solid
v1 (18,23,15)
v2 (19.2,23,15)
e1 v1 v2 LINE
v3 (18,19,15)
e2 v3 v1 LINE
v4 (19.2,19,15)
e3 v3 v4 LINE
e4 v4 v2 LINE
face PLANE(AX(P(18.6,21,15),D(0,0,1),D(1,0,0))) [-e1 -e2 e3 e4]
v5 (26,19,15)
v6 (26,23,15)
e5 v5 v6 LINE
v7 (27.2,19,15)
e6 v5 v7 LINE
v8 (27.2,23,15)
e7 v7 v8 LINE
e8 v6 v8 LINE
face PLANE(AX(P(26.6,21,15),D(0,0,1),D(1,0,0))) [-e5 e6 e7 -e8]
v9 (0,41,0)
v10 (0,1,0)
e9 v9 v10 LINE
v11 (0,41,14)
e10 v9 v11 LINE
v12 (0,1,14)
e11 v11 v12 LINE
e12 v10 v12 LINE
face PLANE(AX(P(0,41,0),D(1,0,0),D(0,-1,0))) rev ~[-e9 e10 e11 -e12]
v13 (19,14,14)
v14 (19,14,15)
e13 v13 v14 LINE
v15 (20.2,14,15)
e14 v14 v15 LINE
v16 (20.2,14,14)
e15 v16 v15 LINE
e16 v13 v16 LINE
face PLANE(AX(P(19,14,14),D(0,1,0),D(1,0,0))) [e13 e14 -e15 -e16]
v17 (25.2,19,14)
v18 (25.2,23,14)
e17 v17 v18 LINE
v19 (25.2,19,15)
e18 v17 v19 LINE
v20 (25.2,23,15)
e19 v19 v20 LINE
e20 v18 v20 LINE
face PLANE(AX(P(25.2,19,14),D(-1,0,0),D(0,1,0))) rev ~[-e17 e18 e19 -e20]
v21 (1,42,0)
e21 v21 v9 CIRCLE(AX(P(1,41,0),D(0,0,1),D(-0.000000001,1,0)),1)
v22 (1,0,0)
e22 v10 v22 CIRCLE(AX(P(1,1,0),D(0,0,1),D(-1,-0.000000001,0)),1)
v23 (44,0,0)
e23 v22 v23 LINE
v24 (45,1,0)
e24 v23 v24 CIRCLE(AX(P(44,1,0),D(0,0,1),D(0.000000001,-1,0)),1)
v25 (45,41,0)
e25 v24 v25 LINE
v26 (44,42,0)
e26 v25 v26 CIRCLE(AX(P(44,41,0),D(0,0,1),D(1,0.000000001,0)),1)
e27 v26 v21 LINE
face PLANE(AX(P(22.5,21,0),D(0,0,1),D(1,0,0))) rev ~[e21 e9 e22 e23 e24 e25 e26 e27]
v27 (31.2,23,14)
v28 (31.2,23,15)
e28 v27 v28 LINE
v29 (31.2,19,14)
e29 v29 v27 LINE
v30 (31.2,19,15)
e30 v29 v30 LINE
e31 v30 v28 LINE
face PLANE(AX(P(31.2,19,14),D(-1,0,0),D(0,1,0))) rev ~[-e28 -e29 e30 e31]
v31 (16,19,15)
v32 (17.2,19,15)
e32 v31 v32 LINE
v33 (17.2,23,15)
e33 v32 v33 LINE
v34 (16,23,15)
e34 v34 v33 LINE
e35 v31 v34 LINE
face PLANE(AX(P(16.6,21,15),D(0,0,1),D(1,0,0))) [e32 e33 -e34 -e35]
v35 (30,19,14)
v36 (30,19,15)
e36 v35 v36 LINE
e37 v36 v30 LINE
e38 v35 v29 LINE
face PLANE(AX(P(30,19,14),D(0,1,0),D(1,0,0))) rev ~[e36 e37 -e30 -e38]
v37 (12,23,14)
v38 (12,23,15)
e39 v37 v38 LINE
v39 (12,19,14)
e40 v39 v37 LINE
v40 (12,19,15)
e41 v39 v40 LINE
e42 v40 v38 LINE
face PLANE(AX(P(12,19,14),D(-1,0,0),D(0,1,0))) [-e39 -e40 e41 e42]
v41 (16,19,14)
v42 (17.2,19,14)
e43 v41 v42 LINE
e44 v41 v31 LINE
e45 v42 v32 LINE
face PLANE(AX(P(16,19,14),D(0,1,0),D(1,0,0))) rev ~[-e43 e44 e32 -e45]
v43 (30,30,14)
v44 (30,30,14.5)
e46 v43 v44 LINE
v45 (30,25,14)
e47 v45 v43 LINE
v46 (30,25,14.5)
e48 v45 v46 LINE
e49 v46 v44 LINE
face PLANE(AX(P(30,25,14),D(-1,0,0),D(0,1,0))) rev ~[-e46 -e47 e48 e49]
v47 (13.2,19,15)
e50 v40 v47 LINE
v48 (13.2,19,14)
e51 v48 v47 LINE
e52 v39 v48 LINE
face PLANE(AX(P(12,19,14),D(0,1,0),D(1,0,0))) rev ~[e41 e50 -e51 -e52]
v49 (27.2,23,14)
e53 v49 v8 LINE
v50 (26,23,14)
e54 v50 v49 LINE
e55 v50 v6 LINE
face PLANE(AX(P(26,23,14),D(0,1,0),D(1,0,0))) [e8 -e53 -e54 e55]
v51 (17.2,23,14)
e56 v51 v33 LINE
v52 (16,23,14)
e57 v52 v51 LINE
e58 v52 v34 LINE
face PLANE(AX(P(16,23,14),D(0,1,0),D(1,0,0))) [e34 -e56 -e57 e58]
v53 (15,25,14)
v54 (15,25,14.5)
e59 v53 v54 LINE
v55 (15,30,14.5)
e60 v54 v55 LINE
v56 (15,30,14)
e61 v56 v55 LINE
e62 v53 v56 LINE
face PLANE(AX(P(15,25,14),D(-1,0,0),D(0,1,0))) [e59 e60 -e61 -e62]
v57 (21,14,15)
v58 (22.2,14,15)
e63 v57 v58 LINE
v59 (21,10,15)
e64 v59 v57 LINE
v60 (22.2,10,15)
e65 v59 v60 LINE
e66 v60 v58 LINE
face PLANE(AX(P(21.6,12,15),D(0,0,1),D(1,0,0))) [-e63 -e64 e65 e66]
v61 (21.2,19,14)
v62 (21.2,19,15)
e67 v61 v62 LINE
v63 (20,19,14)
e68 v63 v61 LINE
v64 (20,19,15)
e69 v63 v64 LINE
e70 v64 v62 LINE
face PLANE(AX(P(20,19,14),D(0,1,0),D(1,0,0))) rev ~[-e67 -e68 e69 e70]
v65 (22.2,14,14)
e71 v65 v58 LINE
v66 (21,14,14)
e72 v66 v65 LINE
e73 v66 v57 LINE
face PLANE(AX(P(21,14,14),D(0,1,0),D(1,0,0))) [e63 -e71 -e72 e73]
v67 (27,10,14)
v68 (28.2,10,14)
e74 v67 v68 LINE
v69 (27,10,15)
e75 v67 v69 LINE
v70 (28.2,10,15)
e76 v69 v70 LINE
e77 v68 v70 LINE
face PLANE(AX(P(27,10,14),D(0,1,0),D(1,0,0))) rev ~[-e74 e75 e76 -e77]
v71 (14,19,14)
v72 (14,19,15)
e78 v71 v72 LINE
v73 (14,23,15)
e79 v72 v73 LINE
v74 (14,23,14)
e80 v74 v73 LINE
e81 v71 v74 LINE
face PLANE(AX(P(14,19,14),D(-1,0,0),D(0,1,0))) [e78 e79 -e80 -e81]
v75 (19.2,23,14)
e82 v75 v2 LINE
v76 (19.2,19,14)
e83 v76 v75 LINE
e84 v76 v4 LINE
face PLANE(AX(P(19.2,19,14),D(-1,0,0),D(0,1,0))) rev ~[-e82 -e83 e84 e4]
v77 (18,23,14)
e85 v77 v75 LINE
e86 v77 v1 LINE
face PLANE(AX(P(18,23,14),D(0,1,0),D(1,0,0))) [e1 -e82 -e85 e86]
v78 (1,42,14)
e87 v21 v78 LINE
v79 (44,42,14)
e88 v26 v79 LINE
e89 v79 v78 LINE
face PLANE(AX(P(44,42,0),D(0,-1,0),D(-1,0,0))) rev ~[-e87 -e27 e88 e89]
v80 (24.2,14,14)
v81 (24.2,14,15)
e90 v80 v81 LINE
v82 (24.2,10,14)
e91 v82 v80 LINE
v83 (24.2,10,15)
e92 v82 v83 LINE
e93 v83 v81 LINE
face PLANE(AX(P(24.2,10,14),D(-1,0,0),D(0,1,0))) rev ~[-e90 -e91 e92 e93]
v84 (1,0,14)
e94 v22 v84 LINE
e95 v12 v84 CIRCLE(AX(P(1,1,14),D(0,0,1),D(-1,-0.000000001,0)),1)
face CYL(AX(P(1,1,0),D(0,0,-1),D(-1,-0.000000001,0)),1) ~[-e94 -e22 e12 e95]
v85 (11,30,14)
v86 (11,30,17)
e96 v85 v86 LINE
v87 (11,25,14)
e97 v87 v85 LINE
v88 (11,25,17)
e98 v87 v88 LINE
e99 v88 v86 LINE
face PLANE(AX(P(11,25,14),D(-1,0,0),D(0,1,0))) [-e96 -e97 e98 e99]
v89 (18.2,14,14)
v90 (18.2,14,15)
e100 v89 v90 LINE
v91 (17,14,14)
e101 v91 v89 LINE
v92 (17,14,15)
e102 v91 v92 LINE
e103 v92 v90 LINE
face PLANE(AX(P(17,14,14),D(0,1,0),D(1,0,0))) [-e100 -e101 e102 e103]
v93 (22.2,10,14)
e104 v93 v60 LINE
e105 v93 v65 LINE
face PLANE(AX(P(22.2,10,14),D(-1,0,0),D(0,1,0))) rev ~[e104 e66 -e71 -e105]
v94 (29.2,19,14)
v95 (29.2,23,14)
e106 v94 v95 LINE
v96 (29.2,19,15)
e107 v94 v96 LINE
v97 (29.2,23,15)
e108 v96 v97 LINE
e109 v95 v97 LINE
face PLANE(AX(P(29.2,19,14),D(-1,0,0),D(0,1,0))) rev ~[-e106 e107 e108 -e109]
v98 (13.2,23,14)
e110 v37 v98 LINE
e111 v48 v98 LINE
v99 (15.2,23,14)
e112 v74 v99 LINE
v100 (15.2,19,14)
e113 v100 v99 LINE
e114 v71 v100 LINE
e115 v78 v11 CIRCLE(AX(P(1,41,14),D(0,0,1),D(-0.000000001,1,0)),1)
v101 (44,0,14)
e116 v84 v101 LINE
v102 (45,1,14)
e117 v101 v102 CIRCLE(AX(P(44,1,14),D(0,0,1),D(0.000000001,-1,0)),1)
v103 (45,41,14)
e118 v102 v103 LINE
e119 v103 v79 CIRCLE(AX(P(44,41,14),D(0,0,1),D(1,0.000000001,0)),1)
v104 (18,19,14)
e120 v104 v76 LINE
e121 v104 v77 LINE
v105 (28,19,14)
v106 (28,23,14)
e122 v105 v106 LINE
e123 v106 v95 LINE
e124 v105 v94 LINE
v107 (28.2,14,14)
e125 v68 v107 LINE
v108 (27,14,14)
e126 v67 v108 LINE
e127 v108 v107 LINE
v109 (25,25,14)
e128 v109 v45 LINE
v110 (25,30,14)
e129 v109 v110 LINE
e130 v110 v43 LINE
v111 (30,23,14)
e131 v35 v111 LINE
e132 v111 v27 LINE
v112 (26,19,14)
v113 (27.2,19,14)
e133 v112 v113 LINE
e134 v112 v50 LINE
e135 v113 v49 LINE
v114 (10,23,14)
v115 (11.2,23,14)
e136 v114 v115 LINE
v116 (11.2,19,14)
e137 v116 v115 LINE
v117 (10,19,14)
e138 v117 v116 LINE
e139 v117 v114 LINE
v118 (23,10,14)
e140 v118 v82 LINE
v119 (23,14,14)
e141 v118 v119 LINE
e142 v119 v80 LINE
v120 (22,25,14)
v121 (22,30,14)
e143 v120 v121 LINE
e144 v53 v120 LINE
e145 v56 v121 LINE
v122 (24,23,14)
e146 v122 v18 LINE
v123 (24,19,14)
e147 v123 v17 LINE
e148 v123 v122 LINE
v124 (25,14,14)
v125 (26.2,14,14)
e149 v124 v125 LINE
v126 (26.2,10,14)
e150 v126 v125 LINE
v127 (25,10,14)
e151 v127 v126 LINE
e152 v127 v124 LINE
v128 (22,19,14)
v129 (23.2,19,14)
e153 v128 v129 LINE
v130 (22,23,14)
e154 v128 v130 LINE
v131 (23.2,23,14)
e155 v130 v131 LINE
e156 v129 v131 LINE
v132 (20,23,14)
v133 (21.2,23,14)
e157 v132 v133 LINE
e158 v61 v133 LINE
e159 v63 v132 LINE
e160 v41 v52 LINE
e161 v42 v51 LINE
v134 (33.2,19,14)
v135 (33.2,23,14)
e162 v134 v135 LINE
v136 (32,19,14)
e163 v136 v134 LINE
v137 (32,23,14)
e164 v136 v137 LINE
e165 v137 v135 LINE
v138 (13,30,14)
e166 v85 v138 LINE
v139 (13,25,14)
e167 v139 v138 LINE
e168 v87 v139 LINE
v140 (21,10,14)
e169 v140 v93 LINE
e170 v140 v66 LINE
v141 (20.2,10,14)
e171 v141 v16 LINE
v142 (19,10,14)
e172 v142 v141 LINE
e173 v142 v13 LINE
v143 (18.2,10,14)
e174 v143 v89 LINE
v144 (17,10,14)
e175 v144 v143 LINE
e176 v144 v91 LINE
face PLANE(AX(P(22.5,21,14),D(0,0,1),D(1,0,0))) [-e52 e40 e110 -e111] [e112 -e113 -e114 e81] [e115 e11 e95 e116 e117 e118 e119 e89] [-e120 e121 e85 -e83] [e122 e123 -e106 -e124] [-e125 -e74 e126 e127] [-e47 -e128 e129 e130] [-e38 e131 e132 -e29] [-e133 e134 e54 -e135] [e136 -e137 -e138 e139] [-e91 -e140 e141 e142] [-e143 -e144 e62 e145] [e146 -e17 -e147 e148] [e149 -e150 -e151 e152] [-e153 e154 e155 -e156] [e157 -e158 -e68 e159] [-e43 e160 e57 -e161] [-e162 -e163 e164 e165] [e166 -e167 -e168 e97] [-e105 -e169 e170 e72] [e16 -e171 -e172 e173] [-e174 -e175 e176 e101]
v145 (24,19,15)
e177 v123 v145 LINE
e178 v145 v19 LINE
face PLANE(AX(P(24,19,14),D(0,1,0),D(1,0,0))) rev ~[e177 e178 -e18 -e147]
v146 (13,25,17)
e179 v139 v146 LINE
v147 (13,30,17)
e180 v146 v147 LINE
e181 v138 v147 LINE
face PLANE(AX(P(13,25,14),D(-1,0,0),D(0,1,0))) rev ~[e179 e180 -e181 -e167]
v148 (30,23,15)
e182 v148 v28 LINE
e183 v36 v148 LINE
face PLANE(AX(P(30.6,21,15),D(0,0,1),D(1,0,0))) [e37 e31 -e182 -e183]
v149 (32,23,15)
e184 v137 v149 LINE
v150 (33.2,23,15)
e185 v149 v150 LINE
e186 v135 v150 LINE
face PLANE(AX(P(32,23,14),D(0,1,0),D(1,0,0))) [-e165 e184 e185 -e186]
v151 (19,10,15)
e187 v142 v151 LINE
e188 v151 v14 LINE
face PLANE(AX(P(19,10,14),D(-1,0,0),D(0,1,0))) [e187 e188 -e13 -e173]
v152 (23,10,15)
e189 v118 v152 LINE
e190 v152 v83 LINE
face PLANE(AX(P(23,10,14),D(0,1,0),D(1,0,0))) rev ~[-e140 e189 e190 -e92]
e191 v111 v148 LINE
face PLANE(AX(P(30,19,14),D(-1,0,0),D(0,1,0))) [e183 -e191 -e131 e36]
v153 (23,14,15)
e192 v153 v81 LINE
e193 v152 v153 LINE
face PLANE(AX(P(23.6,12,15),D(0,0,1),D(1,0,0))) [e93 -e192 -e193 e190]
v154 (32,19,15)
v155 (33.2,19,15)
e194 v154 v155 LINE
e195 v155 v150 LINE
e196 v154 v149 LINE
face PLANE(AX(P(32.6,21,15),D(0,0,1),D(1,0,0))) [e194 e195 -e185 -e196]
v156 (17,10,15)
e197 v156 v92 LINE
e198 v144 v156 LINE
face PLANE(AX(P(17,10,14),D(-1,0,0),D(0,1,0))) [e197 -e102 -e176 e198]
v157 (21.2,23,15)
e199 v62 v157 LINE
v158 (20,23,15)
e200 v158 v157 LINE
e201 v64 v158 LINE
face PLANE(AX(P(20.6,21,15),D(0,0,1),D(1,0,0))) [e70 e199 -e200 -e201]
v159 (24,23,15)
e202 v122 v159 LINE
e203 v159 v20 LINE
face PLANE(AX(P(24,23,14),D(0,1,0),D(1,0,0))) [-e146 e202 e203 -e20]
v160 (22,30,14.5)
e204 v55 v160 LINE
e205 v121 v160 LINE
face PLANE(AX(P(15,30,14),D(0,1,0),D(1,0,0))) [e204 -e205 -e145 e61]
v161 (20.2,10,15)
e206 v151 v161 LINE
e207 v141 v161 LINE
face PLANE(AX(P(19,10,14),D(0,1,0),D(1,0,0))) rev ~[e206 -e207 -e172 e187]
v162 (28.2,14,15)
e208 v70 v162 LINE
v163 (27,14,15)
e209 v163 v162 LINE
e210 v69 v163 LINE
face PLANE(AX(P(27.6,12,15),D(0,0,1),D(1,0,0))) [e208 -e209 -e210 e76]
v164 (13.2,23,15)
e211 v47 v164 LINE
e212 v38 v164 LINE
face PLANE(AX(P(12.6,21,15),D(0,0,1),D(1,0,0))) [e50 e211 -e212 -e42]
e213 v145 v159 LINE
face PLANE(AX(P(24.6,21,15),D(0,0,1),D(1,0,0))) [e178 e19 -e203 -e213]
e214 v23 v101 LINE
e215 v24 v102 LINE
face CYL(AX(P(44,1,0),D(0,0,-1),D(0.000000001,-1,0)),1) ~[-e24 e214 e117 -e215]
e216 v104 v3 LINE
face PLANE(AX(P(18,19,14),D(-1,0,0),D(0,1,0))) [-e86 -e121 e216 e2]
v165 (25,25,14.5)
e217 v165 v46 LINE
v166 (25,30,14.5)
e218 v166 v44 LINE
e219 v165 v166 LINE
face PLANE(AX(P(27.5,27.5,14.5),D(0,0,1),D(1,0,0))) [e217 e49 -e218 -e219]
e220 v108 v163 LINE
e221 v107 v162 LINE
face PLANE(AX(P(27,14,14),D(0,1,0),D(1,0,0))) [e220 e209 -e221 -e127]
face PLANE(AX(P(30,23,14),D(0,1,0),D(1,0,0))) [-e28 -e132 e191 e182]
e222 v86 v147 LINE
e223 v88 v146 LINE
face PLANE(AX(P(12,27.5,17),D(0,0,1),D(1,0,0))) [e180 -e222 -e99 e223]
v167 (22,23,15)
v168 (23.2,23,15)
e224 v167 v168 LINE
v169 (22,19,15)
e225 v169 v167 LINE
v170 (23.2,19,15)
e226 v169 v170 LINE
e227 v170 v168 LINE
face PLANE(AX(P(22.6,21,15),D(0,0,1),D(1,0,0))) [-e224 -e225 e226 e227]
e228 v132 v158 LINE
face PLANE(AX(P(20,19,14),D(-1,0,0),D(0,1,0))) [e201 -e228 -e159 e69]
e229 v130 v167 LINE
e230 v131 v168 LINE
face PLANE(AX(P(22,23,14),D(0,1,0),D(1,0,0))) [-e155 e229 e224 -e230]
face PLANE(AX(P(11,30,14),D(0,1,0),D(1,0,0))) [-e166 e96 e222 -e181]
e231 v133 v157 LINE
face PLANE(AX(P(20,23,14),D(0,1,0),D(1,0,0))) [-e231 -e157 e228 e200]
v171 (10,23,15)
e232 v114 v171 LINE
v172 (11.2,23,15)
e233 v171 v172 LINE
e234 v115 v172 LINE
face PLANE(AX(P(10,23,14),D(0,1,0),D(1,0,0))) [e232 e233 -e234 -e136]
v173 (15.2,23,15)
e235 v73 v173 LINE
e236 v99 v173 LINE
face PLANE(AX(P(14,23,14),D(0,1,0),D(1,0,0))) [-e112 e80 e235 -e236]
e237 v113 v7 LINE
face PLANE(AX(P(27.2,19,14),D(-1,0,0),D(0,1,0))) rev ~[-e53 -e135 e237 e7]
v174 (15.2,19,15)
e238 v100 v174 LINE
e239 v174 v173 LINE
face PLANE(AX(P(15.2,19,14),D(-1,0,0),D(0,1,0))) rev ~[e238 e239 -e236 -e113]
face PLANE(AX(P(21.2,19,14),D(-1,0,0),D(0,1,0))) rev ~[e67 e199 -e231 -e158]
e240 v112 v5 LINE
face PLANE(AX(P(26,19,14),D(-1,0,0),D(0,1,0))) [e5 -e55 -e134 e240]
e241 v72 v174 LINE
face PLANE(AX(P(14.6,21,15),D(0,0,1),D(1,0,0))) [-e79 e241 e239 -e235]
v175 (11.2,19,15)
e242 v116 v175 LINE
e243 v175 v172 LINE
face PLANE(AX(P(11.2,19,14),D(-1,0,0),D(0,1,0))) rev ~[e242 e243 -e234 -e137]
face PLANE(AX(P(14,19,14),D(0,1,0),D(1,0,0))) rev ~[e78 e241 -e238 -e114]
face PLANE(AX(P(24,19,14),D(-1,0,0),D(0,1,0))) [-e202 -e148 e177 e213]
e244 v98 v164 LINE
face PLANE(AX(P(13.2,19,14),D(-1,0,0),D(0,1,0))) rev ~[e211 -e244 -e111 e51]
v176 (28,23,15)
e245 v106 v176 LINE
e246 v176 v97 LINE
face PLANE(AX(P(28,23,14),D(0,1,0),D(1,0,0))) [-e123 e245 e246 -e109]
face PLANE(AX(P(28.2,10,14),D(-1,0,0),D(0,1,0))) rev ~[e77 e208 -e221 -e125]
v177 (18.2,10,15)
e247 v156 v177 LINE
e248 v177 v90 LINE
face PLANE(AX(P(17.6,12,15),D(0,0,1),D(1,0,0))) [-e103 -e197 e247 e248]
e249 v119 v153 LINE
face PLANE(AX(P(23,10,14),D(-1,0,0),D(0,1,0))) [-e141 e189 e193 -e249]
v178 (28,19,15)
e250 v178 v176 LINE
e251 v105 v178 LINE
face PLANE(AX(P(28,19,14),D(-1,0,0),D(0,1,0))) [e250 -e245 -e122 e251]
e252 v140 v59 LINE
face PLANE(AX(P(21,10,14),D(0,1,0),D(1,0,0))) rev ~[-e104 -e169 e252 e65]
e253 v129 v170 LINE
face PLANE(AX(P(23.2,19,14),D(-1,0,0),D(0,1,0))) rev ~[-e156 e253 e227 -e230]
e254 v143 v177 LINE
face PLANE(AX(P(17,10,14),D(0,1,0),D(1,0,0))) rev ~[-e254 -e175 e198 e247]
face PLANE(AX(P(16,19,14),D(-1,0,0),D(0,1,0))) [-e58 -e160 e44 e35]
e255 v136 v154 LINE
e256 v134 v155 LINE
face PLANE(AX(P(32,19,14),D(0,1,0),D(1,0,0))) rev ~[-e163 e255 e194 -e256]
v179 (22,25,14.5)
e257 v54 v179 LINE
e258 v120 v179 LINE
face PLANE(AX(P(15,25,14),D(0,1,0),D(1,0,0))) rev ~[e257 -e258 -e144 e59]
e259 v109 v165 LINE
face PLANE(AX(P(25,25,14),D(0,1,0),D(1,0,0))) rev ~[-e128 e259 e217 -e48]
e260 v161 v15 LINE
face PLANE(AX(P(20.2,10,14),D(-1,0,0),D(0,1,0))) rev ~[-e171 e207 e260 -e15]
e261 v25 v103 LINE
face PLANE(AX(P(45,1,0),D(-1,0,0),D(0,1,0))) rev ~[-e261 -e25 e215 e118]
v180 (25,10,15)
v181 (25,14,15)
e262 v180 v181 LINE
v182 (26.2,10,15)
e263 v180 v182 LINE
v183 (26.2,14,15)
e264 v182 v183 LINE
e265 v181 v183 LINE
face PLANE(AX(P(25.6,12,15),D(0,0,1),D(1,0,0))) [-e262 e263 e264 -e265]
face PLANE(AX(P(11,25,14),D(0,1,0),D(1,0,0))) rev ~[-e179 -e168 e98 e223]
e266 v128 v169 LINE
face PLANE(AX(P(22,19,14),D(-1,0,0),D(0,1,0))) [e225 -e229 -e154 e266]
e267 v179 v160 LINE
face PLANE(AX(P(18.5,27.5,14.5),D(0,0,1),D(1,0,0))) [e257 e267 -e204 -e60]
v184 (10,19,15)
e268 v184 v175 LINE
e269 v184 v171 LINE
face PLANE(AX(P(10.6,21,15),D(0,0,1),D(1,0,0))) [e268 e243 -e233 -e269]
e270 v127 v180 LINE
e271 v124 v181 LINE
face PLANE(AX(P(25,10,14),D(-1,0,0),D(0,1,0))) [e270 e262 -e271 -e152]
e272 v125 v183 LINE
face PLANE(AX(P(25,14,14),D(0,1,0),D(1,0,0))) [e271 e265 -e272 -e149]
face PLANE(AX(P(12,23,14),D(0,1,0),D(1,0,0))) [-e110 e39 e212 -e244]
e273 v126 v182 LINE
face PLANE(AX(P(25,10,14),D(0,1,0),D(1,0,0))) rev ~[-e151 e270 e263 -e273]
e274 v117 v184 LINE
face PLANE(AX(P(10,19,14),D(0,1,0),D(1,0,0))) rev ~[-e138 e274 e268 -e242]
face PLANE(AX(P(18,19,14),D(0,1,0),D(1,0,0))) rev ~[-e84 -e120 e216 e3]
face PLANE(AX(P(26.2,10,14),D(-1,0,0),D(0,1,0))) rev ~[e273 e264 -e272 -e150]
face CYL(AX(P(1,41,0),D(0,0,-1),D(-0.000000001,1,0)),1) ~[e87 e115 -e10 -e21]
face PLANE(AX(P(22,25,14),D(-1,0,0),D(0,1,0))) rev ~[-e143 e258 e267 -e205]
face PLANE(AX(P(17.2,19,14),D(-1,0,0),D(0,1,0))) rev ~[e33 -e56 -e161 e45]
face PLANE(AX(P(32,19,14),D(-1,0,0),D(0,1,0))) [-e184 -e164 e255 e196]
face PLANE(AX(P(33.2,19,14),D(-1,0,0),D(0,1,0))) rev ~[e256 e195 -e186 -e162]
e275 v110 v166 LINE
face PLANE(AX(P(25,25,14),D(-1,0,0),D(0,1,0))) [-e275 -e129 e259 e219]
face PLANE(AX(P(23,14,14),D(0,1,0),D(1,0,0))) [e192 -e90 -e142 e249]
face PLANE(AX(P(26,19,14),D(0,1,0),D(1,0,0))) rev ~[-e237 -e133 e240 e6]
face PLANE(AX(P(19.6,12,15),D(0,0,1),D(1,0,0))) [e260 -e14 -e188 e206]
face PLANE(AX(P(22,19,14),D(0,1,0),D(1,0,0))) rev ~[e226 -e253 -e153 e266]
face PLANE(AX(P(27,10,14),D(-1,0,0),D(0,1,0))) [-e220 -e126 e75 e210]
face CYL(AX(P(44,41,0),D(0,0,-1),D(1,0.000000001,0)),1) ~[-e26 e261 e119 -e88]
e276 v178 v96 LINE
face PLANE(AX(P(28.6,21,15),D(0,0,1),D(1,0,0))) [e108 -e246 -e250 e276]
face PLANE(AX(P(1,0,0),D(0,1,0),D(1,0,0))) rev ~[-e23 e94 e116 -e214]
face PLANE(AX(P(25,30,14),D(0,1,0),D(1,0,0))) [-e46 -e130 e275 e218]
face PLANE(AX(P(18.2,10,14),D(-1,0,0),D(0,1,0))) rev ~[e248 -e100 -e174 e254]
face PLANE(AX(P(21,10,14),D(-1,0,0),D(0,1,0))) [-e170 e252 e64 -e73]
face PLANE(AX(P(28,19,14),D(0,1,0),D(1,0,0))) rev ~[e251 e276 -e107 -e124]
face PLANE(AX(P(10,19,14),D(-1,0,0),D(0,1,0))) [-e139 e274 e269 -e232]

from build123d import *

# Parameters (mm, degrees)
BOSS_EXTRUDE1_DEPTH = 14
SKETCH2_W           = 7
SKETCH2_H           = 5
SKETCH2_W_2         = 5
BOSS_EXTRUDE2_DEPTH = 0.5
SKETCH3_W           = 1.2
SKETCH3_H           = 4
BOSS_EXTRUDE3_DEPTH = 1
SKETCH4_W           = 2
SKETCH4_H           = 5
BOSS_EXTRUDE4_DEPTH = 3


with BuildPart() as part:
    # Sketch1 → Boss-Extrude1 (new body)
    with BuildSketch(Plane.XY):
        with BuildLine():
            Line((1, 0), (44, 0))
            ThreePointArc((44, 0), (44.707106781, 0.292893219), (45, 1))
            Line((45, 1), (45, 41))
            ThreePointArc((45, 41), (44.707106781, 41.707106781), (44, 42))
            Line((44, 42), (1, 42))
            ThreePointArc((1, 42), (0.292893219, 41.707106781), (0, 41))
            Line((0, 41), (0, 1))
            ThreePointArc((0, 1), (0.292893219, 0.292893219), (1, 0))
        make_face()
    extrude(amount=BOSS_EXTRUDE1_DEPTH)

    # Sketch2 → Boss-Extrude2 (add)
    with BuildSketch(Plane.XY.offset(14)):
        with Locations((18.5, 27.5)):
            Rectangle(SKETCH2_W, SKETCH2_H)
        with Locations((27.5, 27.5)):
            Rectangle(SKETCH2_W_2, SKETCH2_H)
    extrude(amount=BOSS_EXTRUDE2_DEPTH)

    # Sketch3 → Boss-Extrude3 (add)
    with BuildSketch(Plane.XY.offset(14)):
        with Locations((10.6, 21)):
            Rectangle(SKETCH3_W, SKETCH3_H)
        with Locations((12.6, 21)):
            Rectangle(SKETCH3_W, SKETCH3_H)
        with Locations((14.6, 21)):
            Rectangle(SKETCH3_W, SKETCH3_H)
        with Locations((16.6, 21)):
            Rectangle(SKETCH3_W, SKETCH3_H)
        with Locations((18.6, 21)):
            Rectangle(SKETCH3_W, SKETCH3_H)
        with Locations((20.6, 21)):
            Rectangle(SKETCH3_W, SKETCH3_H)
        with Locations((22.6, 21)):
            Rectangle(SKETCH3_W, SKETCH3_H)
        with Locations((24.6, 21)):
            Rectangle(SKETCH3_W, SKETCH3_H)
        with Locations((26.6, 21)):
            Rectangle(SKETCH3_W, SKETCH3_H)
        with Locations((28.6, 21)):
            Rectangle(SKETCH3_W, SKETCH3_H)
        with Locations((30.6, 21)):
            Rectangle(SKETCH3_W, SKETCH3_H)
        with Locations((32.6, 21)):
            Rectangle(SKETCH3_W, SKETCH3_H)
        with Locations((19.6, 12)):
            Rectangle(SKETCH3_W, SKETCH3_H)
        with Locations((17.6, 12)):
            Rectangle(SKETCH3_W, SKETCH3_H)
        with Locations((21.6, 12)):
            Rectangle(SKETCH3_W, SKETCH3_H)
        with Locations((23.6, 12)):
            Rectangle(SKETCH3_W, SKETCH3_H)
        with Locations((25.6, 12)):
            Rectangle(SKETCH3_W, SKETCH3_H)
        with Locations((27.6, 12)):
            Rectangle(SKETCH3_W, SKETCH3_H)
    extrude(amount=BOSS_EXTRUDE3_DEPTH)

    # Sketch4 → Boss-Extrude4 (add)
    with BuildSketch(Plane.XY.offset(14)):
        with Locations((12, 27.5)):
            Rectangle(SKETCH4_W, SKETCH4_H)
    extrude(amount=BOSS_EXTRUDE4_DEPTH)


solid = part.part
